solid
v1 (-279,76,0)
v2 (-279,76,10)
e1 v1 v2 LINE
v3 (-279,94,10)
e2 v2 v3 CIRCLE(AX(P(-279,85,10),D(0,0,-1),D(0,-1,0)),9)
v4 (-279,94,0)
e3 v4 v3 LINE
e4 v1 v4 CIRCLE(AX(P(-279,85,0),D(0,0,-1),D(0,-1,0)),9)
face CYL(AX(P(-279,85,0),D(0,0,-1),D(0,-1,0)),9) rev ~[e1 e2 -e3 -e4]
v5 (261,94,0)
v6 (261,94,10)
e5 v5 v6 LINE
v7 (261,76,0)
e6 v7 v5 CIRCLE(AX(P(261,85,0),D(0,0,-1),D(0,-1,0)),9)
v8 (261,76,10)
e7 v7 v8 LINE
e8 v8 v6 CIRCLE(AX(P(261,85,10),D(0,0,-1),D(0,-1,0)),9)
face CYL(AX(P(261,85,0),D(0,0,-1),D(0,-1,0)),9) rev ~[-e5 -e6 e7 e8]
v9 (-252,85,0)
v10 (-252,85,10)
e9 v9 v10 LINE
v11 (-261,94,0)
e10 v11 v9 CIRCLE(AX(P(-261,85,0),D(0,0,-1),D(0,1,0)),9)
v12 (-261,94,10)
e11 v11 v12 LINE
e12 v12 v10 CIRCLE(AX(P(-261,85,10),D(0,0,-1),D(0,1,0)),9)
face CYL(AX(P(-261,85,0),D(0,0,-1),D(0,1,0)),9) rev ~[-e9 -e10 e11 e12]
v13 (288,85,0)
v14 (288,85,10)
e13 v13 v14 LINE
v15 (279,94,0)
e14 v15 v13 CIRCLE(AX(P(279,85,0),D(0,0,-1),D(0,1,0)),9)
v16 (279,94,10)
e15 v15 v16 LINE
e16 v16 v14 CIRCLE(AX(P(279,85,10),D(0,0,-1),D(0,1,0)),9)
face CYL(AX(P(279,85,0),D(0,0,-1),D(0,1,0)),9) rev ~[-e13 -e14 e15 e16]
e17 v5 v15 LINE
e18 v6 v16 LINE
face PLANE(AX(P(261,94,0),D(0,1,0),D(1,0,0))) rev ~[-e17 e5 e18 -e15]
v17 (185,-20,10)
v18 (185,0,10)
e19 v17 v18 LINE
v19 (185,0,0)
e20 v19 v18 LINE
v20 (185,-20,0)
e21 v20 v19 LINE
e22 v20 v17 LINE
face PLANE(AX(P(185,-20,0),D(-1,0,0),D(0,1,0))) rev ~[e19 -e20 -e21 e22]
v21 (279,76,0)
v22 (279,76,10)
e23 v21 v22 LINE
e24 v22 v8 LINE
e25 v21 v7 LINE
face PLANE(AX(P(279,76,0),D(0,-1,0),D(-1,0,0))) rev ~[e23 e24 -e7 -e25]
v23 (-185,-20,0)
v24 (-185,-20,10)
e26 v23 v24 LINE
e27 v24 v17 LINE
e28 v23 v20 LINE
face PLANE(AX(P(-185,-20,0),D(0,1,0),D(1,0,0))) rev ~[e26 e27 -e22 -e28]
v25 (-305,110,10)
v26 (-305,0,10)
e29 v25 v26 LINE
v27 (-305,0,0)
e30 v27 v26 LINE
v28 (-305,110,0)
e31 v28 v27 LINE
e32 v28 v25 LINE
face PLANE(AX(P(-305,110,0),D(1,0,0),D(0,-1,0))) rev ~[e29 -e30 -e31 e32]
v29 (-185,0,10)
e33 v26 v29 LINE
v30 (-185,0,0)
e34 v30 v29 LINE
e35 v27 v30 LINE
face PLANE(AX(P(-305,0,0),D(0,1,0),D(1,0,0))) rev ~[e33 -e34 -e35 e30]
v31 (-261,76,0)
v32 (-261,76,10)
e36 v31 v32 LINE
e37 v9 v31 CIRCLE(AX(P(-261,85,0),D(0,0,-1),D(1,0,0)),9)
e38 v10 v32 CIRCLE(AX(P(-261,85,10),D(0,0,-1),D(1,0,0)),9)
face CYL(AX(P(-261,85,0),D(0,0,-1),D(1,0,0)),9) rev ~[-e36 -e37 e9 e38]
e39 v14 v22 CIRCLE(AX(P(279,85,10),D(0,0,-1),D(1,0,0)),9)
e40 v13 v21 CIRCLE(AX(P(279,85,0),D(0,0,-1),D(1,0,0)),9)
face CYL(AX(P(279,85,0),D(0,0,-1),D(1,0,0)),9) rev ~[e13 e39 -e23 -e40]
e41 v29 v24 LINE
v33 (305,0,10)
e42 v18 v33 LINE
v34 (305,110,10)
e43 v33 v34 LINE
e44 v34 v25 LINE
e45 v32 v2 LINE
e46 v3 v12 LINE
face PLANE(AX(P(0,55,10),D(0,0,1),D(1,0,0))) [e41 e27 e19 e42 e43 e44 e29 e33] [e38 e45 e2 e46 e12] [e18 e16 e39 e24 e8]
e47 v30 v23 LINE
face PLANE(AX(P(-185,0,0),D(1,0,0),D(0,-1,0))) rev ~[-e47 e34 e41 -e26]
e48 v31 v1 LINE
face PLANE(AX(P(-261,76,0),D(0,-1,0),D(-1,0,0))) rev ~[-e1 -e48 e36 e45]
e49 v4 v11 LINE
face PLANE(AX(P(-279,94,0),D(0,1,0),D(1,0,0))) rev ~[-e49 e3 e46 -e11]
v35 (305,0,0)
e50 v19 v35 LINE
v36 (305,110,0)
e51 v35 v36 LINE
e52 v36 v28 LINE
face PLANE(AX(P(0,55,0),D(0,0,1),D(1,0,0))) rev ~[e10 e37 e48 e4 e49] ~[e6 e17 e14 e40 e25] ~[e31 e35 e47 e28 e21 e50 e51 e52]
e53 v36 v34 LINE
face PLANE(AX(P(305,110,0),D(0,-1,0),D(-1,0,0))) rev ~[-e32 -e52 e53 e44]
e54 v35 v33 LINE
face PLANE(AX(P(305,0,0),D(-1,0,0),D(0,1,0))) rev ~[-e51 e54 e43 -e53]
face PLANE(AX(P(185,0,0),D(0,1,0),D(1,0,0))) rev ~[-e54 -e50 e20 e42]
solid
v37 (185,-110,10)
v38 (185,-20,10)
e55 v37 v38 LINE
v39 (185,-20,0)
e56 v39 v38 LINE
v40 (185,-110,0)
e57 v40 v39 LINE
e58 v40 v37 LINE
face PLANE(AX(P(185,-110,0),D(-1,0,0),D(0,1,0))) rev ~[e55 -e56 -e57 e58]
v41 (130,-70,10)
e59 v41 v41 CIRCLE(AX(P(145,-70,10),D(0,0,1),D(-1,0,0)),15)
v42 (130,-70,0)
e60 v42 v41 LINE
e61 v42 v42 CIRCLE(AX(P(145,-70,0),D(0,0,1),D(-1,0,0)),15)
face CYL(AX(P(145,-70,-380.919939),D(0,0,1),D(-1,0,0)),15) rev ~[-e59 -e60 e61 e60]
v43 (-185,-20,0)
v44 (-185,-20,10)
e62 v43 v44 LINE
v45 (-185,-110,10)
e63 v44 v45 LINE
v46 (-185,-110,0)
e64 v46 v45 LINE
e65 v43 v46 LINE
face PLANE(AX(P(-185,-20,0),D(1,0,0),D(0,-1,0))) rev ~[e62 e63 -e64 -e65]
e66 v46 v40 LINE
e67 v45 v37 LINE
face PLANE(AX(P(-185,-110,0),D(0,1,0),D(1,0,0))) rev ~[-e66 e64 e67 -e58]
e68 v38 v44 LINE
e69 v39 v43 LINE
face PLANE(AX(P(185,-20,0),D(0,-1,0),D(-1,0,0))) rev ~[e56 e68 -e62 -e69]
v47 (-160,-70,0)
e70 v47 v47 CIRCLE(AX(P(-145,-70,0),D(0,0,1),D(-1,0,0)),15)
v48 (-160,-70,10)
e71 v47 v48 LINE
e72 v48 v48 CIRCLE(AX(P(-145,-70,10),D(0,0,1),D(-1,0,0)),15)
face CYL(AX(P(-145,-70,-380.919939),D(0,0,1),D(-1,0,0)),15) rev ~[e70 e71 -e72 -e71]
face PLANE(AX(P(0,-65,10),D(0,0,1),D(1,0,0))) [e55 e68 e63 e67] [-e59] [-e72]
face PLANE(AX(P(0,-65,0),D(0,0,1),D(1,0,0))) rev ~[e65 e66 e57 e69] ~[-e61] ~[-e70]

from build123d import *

# Parameters (mm, degrees)
F1_DEPTH = 10
F2_DEPTH = 10
F3_D     = 30


with BuildPart() as f1:
    # F0 (on Top) → F1 (new body)
    with BuildSketch(Plane.XY):
        Polygon((-185, 0), (0, 0), (185, 0), (305, 0), (305, 110), (0, 110), (-305, 110), (-305, 0), align=None)
        with BuildLine():
            Line((-279, 94), (-261, 94))
            ThreePointArc((-261, 94), (-254.6360389693, 91.3639610307), (-252, 85))
            ThreePointArc((-252, 85), (-254.6360389693, 78.6360389693), (-261, 76))
            Line((-261, 76), (-279, 76))
            ThreePointArc((-279, 76), (-288, 85), (-279, 94))
        make_face(mode=Mode.SUBTRACT)
        with BuildLine():
            Line((279, 76), (261, 76))
            ThreePointArc((261, 76), (252, 85), (261, 94))
            Line((261, 94), (279, 94))
            ThreePointArc((279, 94), (285.3639610307, 91.3639610307), (288, 85))
            ThreePointArc((288, 85), (285.3639610307, 78.6360389693), (279, 76))
        make_face(mode=Mode.SUBTRACT)
        Polygon((185, 0), (0, 0), (-185, 0), (-185, -20), (0, -20), (185, -20), align=None)
    extrude(amount=F1_DEPTH)


with BuildPart() as f2:
    # F0 (on Top) → F2 (new body)
    with BuildSketch(Plane.XY):
        Polygon((0, -20), (-185, -20), (-185, -110), (0, -110), (185, -110), (185, -20), align=None)
    extrude(amount=F2_DEPTH)

    # F3 (through all)
    with Locations(Plane(origin=(0, 0, 0), x_dir=(1, 0, 0), z_dir=(0, 0, -1))):
        with Locations((-145, 70), (145, 70)):
            Hole(F3_D / 2)


solid = Compound([f1.part, f2.part])
